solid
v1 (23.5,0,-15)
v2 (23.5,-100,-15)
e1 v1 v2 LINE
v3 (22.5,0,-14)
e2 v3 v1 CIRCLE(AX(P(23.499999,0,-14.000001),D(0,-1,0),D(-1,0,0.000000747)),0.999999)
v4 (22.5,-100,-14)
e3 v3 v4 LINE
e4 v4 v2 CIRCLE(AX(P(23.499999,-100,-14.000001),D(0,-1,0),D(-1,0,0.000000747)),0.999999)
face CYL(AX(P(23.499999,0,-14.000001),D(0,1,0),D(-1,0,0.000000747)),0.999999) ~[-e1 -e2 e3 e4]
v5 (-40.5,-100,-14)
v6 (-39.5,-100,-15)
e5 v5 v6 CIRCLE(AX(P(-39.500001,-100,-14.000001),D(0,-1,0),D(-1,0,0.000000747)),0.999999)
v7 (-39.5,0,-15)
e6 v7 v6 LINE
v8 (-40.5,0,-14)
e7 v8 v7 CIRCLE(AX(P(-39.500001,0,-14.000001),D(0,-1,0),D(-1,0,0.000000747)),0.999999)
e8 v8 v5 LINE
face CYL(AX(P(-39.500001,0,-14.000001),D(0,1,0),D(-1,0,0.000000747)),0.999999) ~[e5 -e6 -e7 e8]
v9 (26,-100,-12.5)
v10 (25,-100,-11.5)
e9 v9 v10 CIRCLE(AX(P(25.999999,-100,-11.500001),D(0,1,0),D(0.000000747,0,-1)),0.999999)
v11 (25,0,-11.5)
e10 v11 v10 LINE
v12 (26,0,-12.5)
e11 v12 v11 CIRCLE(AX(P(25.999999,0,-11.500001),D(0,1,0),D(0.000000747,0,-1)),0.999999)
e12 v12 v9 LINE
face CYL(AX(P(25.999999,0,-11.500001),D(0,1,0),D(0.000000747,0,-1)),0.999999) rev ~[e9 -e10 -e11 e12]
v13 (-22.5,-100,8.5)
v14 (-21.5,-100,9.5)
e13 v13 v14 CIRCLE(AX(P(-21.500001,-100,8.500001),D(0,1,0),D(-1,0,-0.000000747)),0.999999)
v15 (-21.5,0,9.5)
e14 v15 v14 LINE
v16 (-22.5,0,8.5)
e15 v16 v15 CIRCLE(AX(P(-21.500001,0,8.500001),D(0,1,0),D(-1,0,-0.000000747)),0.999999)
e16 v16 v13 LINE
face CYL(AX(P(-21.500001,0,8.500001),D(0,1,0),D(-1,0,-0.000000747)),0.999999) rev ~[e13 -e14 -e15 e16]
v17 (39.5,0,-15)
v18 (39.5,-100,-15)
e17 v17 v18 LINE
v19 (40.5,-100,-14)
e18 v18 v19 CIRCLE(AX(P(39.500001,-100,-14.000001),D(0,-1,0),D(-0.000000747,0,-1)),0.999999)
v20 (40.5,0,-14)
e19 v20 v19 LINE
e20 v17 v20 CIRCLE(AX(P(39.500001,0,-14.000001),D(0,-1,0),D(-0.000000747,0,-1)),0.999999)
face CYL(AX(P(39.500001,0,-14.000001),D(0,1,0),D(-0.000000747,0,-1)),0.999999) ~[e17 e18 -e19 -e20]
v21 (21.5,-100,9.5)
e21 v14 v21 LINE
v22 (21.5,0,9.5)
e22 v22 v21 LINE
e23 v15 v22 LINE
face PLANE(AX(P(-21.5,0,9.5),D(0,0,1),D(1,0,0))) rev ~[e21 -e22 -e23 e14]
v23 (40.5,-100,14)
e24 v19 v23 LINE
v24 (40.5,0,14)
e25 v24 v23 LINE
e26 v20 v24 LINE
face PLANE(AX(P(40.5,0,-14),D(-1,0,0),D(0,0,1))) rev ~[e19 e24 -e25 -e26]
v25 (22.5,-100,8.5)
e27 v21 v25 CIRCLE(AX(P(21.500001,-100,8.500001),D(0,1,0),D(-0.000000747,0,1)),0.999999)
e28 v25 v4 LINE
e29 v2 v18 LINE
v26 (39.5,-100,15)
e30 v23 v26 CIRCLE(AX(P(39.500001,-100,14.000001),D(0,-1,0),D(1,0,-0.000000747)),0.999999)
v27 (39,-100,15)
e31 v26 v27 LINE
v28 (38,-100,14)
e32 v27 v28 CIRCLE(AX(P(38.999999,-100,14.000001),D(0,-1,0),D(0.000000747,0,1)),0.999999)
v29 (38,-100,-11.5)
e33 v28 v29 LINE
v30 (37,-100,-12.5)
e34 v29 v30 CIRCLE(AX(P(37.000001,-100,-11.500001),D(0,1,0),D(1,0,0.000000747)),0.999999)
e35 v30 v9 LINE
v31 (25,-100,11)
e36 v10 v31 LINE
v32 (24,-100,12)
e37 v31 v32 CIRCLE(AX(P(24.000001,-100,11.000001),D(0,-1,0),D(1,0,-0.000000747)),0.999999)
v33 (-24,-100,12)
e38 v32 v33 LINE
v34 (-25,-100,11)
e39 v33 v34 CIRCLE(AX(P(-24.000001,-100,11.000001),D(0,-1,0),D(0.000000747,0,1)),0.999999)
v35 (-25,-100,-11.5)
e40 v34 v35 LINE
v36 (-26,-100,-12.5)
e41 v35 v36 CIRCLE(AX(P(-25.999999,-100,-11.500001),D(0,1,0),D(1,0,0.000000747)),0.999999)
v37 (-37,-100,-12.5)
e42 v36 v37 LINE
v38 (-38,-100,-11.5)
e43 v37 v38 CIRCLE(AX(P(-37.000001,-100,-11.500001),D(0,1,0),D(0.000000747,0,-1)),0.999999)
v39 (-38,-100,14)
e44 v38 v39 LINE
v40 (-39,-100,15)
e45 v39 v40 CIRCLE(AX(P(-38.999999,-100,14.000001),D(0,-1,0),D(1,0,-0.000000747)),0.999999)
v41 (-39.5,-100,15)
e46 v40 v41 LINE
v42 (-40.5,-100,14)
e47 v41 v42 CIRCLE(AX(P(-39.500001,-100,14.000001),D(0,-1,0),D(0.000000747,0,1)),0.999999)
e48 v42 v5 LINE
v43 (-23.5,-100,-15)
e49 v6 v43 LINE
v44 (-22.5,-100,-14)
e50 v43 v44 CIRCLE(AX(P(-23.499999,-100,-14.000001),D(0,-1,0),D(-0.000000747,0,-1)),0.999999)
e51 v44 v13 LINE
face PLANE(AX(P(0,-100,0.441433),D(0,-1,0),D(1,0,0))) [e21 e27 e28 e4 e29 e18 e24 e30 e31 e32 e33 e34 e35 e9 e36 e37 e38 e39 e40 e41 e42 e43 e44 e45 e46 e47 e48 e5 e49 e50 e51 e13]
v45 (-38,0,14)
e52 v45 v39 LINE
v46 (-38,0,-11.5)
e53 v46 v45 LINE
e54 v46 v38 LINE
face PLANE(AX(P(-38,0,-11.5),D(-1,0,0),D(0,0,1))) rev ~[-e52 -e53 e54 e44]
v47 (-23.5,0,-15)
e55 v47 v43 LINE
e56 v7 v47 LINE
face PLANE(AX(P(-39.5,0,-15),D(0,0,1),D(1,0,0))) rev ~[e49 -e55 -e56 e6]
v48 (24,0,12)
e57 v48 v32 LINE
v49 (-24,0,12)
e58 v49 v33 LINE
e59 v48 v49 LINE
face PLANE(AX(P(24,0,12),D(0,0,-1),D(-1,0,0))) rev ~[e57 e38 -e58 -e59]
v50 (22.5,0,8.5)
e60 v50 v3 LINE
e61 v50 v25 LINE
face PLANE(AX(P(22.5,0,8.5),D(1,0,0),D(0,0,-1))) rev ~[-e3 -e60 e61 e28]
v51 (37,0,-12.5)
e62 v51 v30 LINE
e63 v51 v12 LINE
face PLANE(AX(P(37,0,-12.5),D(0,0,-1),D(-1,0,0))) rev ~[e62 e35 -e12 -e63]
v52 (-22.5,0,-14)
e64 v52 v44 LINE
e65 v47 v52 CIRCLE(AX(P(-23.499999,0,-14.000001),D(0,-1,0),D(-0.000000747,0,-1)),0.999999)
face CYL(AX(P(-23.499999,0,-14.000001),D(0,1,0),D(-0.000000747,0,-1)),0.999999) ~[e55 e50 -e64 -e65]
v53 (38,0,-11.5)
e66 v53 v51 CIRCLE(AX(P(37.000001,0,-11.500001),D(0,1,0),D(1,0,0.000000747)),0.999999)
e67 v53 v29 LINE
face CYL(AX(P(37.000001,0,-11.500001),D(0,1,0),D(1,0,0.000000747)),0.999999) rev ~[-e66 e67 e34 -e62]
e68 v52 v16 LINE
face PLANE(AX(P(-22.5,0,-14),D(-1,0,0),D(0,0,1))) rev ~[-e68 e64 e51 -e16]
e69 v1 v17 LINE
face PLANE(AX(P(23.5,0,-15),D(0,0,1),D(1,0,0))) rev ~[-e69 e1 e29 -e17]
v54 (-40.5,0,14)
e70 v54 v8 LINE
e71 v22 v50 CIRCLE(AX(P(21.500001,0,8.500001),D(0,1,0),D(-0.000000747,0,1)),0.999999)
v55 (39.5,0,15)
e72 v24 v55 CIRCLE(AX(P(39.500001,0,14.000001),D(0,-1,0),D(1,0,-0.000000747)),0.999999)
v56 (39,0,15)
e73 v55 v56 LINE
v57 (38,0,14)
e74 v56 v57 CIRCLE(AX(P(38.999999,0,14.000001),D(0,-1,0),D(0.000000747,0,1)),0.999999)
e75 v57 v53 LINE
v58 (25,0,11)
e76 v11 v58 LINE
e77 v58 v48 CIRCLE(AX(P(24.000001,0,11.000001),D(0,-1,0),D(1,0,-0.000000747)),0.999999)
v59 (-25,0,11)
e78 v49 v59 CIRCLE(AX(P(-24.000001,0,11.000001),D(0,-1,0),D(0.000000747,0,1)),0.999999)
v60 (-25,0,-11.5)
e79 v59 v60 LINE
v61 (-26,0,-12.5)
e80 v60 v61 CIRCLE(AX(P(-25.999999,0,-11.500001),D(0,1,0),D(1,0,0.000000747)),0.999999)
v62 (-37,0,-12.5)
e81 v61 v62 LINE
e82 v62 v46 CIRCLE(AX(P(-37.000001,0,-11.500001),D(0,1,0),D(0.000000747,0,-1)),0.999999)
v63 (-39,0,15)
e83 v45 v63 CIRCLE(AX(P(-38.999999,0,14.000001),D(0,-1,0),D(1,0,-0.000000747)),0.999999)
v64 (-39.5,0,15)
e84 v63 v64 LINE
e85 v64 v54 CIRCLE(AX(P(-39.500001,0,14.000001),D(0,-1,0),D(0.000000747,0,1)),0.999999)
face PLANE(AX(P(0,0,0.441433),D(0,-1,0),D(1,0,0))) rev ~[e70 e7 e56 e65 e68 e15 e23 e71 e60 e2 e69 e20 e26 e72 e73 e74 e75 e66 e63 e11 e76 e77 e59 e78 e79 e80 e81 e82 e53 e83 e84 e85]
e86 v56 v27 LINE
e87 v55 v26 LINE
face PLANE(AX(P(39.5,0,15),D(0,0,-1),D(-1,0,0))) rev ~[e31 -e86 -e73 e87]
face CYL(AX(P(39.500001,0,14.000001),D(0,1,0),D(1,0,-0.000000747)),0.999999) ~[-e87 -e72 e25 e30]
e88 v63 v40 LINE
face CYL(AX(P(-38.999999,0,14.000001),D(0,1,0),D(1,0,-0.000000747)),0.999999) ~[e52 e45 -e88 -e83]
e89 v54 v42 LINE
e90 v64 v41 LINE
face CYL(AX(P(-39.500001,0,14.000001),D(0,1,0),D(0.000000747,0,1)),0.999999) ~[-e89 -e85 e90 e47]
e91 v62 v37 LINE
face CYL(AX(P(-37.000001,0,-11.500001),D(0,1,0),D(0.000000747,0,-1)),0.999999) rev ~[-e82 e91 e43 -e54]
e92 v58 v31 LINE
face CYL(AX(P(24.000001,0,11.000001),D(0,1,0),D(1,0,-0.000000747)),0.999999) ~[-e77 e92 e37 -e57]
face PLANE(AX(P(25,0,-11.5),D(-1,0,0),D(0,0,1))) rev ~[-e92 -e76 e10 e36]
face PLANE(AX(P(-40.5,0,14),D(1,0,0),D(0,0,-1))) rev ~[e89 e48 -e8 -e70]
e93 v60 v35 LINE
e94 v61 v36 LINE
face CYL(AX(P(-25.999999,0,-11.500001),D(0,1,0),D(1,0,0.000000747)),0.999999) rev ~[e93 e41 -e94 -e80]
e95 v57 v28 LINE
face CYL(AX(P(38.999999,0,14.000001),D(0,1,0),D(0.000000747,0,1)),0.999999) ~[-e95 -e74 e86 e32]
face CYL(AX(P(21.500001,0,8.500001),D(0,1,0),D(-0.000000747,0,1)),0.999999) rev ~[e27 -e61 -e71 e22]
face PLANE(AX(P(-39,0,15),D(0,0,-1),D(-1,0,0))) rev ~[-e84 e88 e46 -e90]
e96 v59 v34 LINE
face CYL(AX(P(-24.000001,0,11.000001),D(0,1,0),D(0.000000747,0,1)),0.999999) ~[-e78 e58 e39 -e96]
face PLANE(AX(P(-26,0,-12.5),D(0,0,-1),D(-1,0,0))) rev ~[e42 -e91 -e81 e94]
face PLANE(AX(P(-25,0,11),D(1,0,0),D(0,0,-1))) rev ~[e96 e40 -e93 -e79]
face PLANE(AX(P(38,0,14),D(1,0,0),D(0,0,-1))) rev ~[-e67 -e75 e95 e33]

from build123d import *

# Parameters (mm, degrees)
F1_DEPTH = 100


with BuildPart() as f1:
    # F0 (on Front) → F1 (new body)
    with BuildSketch(Plane.XZ):
        with BuildLine():
            Line((23.5, -15), (39.5, -15))
            ThreePointArc((39.5, -15), (40.207107, -14.707107), (40.5, -14))
            Line((40.5, -14), (40.5, 14))
            ThreePointArc((40.5, 14), (40.207107, 14.707107), (39.5, 15))
            Line((39.5, 15), (39, 15))
            ThreePointArc((39, 15), (38.292893, 14.707107), (38, 14))
            Line((38, 14), (38, -11.5))
            ThreePointArc((38, -11.5), (37.707107, -12.207107), (37, -12.5))
            Line((37, -12.5), (26, -12.5))
            ThreePointArc((26, -12.5), (25.292893, -12.207107), (25, -11.5))
            Line((25, -11.5), (25, 9.5))
            Line((25, 9.5), (25, 11))
            ThreePointArc((25, 11), (24.707107, 11.707107), (24, 12))
            Line((24, 12), (-24, 12))
            ThreePointArc((-24, 12), (-24.707107, 11.707107), (-25, 11))
            Line((-25, 11), (-25, 9.5))
            Line((-25, 9.5), (-25, -11.5))
            ThreePointArc((-25, -11.5), (-25.292893, -12.207107), (-26, -12.5))
            Line((-26, -12.5), (-37, -12.5))
            ThreePointArc((-37, -12.5), (-37.707107, -12.207107), (-38, -11.5))
            Line((-38, -11.5), (-38, 9.5))
            Line((-38, 9.5), (-38, 12))
            Line((-38, 12), (-38, 14))
            ThreePointArc((-38, 14), (-38.292893, 14.707107), (-39, 15))
            Line((-39, 15), (-39.5, 15))
            ThreePointArc((-39.5, 15), (-40.207107, 14.707107), (-40.5, 14))
            Line((-40.5, 14), (-40.5, -14))
            ThreePointArc((-40.5, -14), (-40.207107, -14.707107), (-39.5, -15))
            Line((-39.5, -15), (-23.5, -15))
            ThreePointArc((-23.5, -15), (-22.792893, -14.707107), (-22.5, -14))
            Line((-22.5, -14), (-22.5, 8.5))
            ThreePointArc((-22.5, 8.5), (-22.207107, 9.207107), (-21.5, 9.5))
            Line((-21.5, 9.5), (21.5, 9.5))
            ThreePointArc((21.5, 9.5), (22.207107, 9.207107), (22.5, 8.5))
            Line((22.5, 8.5), (22.5, -14))
            ThreePointArc((22.5, -14), (22.792893, -14.707107), (23.5, -15))
        make_face()
    extrude(amount=F1_DEPTH)


solid = f1.part
